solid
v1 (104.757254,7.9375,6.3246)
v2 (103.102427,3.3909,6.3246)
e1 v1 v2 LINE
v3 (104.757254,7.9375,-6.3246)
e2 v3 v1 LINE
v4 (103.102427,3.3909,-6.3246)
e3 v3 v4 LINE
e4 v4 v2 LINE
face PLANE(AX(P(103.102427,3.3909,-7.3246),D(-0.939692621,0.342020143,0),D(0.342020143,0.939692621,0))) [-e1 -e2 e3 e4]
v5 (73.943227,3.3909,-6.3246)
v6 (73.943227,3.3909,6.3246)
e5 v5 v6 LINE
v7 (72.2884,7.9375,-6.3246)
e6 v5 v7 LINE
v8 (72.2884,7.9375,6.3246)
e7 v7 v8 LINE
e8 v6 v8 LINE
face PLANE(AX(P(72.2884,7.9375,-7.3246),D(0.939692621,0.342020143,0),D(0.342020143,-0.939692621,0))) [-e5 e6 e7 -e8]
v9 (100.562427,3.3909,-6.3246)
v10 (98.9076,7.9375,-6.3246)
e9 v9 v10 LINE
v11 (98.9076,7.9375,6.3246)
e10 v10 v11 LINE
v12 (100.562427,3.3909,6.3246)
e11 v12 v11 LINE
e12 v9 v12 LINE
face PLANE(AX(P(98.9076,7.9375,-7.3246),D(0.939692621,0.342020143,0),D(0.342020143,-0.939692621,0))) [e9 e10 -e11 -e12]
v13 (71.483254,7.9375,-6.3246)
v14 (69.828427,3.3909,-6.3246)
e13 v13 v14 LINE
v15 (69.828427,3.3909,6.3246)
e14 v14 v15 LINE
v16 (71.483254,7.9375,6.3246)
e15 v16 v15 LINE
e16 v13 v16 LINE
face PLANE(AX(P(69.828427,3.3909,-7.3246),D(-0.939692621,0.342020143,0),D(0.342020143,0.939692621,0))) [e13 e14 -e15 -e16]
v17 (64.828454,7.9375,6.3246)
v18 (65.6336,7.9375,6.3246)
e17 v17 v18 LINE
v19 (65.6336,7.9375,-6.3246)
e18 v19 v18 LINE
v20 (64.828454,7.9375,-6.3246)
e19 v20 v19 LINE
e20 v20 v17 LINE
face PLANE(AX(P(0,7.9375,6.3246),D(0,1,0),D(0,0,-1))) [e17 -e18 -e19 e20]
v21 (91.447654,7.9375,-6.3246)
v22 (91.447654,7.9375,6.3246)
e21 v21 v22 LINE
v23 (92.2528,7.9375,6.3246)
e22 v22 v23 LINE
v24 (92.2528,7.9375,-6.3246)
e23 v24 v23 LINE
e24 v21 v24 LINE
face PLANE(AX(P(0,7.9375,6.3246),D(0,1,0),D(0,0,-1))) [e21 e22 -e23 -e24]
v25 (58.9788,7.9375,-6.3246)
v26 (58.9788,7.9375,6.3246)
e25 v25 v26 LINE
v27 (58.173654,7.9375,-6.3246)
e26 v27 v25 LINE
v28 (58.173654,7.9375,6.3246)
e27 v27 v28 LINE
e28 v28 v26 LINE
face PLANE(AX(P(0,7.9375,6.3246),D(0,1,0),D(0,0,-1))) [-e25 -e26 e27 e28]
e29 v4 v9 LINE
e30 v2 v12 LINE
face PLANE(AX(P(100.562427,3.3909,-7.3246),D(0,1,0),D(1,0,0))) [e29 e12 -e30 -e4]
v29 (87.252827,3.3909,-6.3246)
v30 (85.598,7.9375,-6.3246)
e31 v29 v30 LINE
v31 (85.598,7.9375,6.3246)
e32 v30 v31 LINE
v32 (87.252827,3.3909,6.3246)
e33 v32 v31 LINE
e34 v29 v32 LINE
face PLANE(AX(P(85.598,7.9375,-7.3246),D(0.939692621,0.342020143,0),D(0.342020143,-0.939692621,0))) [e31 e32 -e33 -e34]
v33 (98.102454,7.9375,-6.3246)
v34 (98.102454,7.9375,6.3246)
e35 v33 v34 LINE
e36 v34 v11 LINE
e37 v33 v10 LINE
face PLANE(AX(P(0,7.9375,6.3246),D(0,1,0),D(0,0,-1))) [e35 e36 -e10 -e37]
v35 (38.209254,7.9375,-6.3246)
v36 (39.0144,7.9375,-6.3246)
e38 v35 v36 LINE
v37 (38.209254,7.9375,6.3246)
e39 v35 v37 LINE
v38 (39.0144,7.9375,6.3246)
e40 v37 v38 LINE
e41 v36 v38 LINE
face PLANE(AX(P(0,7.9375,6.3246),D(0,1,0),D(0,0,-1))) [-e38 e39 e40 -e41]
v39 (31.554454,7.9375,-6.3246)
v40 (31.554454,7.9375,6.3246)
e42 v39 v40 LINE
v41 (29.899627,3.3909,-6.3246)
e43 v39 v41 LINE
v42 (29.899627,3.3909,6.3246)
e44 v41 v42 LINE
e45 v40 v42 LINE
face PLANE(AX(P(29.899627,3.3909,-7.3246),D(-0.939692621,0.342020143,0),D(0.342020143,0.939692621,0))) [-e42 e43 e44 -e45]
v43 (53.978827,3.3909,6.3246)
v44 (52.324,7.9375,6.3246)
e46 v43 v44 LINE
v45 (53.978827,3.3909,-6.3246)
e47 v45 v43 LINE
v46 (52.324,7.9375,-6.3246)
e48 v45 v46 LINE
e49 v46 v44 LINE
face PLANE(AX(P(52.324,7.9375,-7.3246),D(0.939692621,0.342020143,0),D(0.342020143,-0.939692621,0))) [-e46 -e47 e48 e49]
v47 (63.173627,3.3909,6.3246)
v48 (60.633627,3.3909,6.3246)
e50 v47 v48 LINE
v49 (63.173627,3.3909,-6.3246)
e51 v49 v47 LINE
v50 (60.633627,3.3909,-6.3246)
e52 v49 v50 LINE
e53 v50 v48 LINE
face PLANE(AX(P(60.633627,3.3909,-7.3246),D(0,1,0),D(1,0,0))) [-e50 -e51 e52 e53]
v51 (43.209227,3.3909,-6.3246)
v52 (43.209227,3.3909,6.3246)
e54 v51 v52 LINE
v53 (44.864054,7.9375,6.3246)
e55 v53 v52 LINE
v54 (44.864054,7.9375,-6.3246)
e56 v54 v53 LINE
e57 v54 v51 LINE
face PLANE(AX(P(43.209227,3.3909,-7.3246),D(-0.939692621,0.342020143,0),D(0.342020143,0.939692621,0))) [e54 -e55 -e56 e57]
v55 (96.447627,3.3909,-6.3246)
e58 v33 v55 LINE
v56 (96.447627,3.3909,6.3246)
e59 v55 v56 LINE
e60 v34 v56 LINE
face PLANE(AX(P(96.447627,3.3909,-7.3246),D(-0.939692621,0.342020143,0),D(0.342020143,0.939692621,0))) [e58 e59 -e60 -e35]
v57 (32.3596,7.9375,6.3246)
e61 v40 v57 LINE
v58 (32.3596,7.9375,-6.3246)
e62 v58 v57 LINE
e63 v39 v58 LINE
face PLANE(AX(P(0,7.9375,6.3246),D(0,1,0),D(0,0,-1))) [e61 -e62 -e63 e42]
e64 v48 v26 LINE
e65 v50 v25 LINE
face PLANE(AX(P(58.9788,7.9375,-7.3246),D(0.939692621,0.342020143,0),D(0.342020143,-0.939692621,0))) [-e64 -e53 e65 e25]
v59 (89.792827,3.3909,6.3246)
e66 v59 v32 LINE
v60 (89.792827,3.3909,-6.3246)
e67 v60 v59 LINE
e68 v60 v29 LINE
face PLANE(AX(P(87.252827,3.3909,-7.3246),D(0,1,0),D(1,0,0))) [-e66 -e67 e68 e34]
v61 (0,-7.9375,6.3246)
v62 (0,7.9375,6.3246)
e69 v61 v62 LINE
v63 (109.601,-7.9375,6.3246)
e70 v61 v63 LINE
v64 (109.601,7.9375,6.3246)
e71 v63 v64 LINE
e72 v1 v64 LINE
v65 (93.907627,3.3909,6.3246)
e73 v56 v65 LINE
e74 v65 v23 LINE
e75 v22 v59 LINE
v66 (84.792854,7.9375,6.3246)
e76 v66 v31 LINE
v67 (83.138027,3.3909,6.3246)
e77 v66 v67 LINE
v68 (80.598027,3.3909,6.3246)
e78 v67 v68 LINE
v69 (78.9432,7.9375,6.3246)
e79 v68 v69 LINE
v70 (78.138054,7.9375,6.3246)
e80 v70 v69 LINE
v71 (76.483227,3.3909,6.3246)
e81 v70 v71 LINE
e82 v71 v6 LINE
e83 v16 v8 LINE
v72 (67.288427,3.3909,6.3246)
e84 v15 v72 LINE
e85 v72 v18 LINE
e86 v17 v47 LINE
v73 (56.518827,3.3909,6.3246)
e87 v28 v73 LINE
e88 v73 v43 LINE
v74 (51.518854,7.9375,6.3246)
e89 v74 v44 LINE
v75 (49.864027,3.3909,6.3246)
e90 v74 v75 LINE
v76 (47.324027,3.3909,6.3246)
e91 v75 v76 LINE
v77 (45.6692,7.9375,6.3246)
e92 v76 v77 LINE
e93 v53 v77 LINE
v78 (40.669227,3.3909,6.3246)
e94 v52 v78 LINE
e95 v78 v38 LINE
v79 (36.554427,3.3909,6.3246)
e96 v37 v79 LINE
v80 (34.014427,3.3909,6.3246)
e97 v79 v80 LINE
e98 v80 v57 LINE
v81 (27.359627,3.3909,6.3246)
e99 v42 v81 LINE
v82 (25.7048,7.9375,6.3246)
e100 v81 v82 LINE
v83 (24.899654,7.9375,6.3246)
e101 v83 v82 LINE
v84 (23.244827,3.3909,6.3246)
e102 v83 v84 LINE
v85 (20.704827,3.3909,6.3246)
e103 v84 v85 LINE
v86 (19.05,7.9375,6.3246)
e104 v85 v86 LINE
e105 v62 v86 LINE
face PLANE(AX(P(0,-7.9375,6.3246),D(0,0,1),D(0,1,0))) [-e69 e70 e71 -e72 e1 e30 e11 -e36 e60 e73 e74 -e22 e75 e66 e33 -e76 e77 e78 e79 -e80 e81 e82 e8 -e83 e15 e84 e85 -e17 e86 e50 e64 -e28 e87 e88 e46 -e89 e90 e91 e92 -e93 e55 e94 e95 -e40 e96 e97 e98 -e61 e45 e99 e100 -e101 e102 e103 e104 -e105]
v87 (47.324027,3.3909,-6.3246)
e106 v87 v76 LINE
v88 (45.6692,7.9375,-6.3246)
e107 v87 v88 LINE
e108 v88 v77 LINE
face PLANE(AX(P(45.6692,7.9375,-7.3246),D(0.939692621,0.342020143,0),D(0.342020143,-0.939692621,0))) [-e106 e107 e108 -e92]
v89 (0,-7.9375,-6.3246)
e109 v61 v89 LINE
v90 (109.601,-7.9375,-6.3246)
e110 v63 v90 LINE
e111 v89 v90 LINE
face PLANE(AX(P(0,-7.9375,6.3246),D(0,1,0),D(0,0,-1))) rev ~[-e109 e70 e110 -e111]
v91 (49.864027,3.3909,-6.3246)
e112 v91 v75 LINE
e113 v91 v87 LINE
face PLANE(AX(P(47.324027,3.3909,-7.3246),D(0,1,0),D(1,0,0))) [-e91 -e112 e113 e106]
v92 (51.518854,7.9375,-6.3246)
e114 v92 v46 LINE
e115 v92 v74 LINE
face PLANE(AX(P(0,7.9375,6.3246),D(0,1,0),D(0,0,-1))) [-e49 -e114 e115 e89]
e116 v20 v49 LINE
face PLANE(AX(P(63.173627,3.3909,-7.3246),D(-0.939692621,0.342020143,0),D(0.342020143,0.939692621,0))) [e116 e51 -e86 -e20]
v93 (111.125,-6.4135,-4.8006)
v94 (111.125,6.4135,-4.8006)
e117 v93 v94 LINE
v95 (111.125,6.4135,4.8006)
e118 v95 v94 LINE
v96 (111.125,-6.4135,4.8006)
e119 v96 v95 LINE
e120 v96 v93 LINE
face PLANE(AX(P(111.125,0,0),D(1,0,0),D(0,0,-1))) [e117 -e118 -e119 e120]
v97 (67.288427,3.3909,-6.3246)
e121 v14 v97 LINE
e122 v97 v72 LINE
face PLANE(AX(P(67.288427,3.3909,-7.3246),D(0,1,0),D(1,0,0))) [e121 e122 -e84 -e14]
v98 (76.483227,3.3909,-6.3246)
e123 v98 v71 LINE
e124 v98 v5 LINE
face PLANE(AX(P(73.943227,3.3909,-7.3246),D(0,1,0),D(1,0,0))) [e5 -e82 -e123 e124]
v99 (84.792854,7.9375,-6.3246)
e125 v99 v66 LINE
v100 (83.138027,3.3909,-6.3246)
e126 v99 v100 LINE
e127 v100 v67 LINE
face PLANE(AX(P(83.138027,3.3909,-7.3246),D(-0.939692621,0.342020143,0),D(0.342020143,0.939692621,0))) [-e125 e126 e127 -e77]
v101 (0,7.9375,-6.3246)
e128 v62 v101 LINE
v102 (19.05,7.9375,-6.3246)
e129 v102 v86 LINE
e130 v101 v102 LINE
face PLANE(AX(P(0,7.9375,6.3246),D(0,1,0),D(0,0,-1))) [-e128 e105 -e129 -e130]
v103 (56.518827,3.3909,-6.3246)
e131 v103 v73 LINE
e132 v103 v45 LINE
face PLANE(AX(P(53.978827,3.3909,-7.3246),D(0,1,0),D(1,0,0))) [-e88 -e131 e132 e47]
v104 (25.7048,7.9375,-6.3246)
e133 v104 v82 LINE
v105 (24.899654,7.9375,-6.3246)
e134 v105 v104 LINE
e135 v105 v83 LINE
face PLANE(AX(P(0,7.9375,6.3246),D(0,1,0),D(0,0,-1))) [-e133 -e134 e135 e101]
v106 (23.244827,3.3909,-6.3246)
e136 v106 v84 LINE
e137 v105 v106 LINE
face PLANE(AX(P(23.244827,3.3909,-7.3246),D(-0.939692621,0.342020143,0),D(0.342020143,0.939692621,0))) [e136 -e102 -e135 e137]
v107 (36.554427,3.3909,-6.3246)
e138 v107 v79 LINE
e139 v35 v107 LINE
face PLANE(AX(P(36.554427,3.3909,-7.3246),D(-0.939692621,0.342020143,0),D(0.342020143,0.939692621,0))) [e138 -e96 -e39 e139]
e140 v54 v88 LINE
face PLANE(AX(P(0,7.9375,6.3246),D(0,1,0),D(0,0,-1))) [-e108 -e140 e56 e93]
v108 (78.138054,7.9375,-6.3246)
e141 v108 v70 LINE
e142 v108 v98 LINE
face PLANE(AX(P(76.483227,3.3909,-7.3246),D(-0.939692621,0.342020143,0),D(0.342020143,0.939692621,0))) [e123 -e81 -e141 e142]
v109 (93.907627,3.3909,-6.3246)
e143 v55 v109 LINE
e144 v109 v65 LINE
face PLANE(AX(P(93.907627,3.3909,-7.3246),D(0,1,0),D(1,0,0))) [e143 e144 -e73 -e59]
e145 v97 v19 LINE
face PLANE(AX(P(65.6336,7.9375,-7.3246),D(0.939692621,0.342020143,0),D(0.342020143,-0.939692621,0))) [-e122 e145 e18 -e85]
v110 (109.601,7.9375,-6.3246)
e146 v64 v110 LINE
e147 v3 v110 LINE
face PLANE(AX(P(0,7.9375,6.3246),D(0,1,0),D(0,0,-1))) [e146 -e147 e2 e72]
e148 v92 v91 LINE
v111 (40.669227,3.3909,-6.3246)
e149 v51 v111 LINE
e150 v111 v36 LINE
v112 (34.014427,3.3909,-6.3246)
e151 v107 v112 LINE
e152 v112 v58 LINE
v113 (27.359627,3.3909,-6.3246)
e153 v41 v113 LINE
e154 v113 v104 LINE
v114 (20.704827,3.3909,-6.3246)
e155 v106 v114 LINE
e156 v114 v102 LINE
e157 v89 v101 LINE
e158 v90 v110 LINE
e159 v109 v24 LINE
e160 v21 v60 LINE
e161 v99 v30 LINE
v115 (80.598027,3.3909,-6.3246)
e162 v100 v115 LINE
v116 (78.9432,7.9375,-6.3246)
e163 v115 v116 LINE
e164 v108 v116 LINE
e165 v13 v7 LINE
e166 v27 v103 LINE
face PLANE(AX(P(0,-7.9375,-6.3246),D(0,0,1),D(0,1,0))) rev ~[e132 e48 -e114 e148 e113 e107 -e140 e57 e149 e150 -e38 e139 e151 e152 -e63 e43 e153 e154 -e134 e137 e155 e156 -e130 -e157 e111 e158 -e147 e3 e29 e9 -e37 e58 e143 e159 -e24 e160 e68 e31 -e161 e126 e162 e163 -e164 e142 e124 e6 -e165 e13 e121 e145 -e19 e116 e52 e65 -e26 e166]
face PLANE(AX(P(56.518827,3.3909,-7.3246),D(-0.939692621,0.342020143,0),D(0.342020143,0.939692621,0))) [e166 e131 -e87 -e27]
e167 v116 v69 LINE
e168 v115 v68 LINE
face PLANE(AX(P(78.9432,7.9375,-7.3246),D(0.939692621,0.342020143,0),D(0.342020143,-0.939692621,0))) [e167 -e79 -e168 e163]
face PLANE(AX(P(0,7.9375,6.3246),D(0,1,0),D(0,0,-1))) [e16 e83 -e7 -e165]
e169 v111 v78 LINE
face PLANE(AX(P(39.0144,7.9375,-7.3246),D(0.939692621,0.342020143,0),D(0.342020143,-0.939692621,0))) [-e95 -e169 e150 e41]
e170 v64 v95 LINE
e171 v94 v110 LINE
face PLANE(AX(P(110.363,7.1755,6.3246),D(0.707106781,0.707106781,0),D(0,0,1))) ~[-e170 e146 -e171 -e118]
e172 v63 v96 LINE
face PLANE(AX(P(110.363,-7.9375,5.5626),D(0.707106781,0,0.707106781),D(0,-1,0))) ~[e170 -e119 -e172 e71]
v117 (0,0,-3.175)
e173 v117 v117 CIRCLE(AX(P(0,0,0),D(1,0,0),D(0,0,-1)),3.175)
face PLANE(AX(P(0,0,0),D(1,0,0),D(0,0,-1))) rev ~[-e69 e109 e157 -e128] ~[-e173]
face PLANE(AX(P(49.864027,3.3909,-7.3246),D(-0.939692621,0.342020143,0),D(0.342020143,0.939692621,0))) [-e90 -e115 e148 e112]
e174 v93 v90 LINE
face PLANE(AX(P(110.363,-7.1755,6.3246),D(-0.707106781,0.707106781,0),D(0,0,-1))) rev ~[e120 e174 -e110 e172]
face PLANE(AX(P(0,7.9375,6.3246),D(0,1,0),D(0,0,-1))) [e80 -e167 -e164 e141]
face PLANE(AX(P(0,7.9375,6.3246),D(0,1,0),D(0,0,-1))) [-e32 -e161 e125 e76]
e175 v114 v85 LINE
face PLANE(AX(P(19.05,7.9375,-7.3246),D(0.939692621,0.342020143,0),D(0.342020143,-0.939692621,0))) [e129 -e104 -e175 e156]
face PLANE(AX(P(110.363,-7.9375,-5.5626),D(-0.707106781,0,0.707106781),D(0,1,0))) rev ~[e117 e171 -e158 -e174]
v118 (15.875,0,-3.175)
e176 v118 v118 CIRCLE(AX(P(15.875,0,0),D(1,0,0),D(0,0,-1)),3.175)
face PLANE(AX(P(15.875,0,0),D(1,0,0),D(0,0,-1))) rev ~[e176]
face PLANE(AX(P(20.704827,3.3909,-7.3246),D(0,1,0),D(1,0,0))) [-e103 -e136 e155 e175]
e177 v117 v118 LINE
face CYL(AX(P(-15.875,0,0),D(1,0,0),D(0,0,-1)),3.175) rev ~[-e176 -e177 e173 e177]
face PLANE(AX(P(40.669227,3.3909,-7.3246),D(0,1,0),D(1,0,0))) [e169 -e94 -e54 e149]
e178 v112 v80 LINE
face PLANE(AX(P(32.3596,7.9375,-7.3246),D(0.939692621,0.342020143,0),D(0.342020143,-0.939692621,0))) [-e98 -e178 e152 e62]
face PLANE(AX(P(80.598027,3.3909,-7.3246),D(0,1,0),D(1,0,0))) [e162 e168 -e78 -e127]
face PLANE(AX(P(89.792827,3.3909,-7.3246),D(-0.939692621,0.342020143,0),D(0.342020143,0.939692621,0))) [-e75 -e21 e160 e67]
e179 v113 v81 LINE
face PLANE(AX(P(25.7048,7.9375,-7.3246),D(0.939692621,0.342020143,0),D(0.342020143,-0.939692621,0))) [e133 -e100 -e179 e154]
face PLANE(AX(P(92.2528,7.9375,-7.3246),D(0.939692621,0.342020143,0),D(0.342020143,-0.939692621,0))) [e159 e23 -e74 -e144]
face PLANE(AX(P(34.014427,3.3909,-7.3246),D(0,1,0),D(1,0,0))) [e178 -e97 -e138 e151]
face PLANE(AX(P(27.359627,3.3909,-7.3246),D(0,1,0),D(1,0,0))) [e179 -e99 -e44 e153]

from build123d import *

# Parameters (mm, degrees)
SKETCH1_W           = 12.6492
SKETCH1_H           = 15.875
BOSS_EXTRUDE1_DEPTH = 111.125
HOLE1_D             = 6.35
HOLE1_DEPTH         = 15.875
CUT_EXTRUDE1_START  = -13.6492
CUT_EXTRUDE1_DEPTH  = 14.6492
LPATTERN2_COUNT     = 13
LPATTERN2_PITCH     = 6.6548
CHAMFER1_SIZE       = 1.524


with BuildPart() as part:
    # Sketch1 → Boss-Extrude1 (new body)
    with BuildSketch(Plane(origin=(0, 0, 0), x_dir=(0, 0, -1), z_dir=(1, 0, 0))):
        Rectangle(SKETCH1_W, SKETCH1_H)
    extrude(amount=BOSS_EXTRUDE1_DEPTH)

    # Hole1
    with Locations(Plane.ZY):
        with Locations((0, 0)):
            Hole(HOLE1_D / 2, depth=HOLE1_DEPTH)

    # Sketch4 → Cut-Extrude1 (cut)
    with BuildSketch(Plane.XY.offset(6.3246).offset(CUT_EXTRUDE1_START)):
        Polygon((-48.282488077, 192.931990587), (19.05, 7.9375), (20.704827067, 3.3909), (23.244827067, 3.3909), (24.899654134, 7.9375), (92.232142211, 192.931990587), (92.232142211, 586.666040414), (-48.282488077, 586.666040414), align=None)
    cut_extrude1 = extrude(amount=CUT_EXTRUDE1_DEPTH, mode=Mode.SUBTRACT)

    # LPattern2: Cut-Extrude1 ×13
    with Locations(*[(i * LPATTERN2_PITCH, 0, 0) for i in range(1, LPATTERN2_COUNT)]):
        add(cut_extrude1, mode=Mode.SUBTRACT)

    # Chamfer1
    chamfer1_edges = [part.edges().sort_by_distance(p)[0] for p in [
        (111.125, 0, 6.3246),
        (111.125, -7.9375, 0),
        (111.125, 0, -6.3246),
        (111.125, 7.9375, 0),
    ]]
    chamfer(chamfer1_edges, length=CHAMFER1_SIZE)


solid = part.part
